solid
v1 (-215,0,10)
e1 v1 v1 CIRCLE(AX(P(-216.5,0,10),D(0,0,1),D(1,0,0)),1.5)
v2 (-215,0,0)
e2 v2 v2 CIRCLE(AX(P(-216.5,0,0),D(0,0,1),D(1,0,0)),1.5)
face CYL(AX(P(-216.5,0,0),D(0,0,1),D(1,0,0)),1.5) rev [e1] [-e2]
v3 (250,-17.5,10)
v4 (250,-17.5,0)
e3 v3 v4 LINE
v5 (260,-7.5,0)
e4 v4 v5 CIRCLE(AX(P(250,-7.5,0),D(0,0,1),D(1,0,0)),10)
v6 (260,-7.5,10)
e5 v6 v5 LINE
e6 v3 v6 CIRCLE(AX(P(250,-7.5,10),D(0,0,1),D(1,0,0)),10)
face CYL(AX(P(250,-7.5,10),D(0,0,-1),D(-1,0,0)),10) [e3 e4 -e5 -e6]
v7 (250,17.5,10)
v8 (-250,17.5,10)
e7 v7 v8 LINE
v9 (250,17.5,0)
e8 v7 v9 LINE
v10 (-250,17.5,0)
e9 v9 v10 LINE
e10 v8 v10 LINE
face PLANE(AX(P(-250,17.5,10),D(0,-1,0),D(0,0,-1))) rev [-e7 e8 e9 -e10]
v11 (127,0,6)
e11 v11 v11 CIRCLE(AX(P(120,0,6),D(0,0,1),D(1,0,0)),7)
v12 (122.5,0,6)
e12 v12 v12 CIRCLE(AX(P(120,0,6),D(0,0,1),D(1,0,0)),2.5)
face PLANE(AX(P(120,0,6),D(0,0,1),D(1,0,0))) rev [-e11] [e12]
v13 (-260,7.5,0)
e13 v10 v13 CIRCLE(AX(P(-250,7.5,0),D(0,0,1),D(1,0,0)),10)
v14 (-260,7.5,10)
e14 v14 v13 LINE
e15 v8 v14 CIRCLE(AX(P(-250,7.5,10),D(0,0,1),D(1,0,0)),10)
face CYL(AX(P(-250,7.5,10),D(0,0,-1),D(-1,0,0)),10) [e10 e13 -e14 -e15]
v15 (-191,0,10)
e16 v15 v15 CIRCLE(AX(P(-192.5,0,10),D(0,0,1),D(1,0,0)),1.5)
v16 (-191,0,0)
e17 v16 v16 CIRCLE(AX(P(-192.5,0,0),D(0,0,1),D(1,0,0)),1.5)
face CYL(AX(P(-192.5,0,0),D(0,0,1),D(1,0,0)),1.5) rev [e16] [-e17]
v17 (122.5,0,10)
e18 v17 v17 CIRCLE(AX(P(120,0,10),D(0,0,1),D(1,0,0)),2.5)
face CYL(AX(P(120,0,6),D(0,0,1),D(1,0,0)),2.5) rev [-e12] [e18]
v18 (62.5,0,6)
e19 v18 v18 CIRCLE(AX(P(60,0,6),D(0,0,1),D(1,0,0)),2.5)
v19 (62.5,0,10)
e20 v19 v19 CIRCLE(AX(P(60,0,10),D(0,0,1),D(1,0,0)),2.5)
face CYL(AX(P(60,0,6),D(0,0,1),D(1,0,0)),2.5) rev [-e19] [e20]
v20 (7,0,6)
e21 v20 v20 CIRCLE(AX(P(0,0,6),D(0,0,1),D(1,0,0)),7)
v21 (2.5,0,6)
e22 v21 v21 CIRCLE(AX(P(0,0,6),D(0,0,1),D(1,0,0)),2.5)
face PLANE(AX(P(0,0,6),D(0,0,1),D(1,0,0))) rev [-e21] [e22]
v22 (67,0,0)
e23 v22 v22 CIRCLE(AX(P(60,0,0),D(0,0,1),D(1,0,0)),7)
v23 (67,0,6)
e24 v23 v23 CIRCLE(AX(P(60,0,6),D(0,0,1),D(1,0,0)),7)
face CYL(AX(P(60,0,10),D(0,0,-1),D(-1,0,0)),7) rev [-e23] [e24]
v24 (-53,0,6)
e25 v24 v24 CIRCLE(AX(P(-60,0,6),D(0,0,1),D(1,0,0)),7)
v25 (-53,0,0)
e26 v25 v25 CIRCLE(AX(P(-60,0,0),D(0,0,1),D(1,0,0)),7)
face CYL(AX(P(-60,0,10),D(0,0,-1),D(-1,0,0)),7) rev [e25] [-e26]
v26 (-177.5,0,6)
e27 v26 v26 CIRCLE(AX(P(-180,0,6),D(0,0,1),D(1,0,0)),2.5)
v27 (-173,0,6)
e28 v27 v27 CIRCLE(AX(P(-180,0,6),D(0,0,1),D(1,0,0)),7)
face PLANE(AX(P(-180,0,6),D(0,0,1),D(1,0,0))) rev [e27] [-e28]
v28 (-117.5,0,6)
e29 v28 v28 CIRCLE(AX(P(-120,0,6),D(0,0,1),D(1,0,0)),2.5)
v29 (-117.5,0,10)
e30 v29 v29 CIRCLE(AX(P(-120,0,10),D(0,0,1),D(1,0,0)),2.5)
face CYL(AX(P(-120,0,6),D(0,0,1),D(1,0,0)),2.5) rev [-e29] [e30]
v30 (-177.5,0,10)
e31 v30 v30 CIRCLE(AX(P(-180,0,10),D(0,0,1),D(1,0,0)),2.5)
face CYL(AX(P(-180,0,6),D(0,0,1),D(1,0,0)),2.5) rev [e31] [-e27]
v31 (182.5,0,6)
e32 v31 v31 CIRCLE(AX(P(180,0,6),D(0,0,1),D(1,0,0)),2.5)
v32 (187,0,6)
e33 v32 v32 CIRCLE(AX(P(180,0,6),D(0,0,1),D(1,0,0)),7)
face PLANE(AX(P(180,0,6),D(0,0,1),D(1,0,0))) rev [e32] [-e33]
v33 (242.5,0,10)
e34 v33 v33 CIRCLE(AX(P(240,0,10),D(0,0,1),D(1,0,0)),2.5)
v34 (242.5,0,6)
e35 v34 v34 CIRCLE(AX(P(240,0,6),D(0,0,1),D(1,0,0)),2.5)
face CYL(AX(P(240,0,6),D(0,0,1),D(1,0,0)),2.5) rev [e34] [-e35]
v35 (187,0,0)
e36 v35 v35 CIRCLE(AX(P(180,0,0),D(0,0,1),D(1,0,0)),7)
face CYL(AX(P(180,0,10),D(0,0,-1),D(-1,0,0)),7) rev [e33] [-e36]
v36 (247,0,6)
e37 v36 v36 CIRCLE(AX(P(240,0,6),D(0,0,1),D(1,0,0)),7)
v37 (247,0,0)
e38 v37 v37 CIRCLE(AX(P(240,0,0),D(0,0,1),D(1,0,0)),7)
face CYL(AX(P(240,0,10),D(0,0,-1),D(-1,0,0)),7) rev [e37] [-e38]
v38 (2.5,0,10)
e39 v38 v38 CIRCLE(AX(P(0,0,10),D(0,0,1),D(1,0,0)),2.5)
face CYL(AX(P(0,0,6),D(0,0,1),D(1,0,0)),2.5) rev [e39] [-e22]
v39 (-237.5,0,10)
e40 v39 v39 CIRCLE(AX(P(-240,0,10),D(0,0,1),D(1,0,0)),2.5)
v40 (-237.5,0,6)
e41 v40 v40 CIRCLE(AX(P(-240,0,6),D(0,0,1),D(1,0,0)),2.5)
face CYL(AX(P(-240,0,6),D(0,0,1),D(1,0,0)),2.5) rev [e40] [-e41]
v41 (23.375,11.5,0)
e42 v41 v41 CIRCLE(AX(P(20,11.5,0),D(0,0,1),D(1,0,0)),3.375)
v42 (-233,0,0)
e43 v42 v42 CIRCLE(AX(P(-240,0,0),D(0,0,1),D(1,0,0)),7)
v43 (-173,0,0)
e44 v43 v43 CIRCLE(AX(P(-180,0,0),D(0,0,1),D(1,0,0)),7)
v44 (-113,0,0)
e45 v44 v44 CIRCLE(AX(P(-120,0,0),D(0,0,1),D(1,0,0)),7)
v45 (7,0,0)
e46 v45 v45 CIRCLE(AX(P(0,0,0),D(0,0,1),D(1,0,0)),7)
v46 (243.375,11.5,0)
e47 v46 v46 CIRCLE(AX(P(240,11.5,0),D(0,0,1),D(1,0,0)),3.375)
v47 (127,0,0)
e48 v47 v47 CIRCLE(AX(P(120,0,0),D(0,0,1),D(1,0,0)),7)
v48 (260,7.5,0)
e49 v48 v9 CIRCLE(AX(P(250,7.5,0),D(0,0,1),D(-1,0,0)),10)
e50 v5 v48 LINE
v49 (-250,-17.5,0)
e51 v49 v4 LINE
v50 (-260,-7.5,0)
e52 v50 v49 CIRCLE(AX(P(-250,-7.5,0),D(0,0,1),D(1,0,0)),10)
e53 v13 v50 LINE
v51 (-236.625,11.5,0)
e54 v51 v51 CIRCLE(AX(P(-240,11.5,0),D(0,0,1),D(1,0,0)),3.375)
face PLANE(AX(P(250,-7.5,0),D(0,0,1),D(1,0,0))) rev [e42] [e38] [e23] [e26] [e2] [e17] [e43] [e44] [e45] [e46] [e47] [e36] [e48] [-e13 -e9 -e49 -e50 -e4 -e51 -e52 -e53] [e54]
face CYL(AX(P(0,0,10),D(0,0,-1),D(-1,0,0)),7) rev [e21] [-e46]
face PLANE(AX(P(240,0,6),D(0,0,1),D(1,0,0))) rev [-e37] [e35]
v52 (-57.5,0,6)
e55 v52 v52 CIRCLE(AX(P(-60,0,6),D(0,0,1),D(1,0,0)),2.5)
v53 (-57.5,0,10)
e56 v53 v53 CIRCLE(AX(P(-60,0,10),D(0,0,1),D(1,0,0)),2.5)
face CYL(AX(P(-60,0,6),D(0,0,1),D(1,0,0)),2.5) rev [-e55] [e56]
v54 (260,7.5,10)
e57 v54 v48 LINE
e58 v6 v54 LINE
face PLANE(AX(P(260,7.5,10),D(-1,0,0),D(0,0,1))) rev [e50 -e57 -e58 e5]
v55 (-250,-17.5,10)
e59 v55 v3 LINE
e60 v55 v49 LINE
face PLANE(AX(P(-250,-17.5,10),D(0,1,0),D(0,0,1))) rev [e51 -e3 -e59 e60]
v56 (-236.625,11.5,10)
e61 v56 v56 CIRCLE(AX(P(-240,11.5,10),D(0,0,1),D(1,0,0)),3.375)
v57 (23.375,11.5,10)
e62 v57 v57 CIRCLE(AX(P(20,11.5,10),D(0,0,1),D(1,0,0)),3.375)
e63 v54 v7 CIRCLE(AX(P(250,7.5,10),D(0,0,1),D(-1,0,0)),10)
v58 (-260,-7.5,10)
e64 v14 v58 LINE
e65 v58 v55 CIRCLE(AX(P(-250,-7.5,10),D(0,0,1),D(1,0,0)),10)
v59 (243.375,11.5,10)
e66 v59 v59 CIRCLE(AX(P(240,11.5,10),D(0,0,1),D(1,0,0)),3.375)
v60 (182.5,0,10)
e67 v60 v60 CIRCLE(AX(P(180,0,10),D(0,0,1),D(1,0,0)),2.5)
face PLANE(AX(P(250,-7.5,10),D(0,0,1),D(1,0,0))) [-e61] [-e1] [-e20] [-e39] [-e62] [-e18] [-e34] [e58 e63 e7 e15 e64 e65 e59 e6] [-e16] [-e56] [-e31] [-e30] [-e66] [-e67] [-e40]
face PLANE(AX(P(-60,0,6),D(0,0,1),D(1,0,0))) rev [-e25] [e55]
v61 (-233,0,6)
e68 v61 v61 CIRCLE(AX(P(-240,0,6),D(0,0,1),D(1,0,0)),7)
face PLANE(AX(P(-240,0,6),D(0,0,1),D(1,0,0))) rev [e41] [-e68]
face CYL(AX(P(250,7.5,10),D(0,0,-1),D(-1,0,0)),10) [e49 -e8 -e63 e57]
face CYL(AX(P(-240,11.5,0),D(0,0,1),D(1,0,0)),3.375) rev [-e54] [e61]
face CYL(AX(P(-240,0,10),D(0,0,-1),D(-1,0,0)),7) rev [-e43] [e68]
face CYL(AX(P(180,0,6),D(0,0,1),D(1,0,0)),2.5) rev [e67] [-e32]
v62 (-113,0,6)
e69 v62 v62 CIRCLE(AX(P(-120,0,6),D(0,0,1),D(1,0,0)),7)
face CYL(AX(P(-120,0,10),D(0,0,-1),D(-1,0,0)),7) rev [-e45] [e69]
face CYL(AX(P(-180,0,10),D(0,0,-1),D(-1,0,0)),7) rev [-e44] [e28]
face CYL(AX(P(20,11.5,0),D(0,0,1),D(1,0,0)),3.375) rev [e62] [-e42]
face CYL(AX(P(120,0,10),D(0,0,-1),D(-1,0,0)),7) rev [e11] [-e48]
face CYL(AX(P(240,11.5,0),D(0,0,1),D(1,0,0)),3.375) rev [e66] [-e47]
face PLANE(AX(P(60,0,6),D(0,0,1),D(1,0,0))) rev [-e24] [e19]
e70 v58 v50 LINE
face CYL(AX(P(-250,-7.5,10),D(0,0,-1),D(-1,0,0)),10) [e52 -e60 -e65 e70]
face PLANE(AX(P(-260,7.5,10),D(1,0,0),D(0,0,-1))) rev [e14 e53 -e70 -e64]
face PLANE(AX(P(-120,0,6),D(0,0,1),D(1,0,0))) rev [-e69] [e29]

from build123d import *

# Parameters (mm, degrees)
ESQUISSE1_R             = 7
BOSS_EXTRU_1_DEPTH      = 10
BOSS_EXTRU_2_START      = -4
ESQUISSE2_R             = 7
ESQUISSE2_R_2           = 2.5
BOSS_EXTRU_2_DEPTH      = 4
ESQUISSE3_R             = 3.375
ENL_V_MAT_EXTRU_1_DEPTH = 261.780079761
ESQUISSE4_R             = 3.375
ENL_V_MAT_EXTRU_2_DEPTH = 261.780079761
ESQUISSE5_R             = 1.5
ENL_V_MAT_EXTRU_3_DEPTH = 261.780079761


with BuildPart() as part:
    # Esquisse1 → Boss.-Extru.1 (new body)
    with BuildSketch(Plane.XY):
        with BuildLine():
            Line((-250, 17.5), (250, 17.5))
            ThreePointArc((250, 17.5), (257.071067812, 14.571067812), (260, 7.5))
            Line((260, 7.5), (260, -7.5))
            ThreePointArc((260, -7.5), (257.071067812, -14.571067812), (250, -17.5))
            Line((250, -17.5), (-250, -17.5))
            ThreePointArc((-250, -17.5), (-257.071067812, -14.571067812), (-260, -7.5))
            Line((-260, -7.5), (-260, 7.5))
            ThreePointArc((-260, 7.5), (-257.071067812, 14.571067812), (-250, 17.5))
        make_face()
        with Locations((-240, 0)):
            Circle(ESQUISSE1_R, mode=Mode.SUBTRACT)
        with Locations((-180, 0)):
            Circle(ESQUISSE1_R, mode=Mode.SUBTRACT)
        with Locations((-120, 0)):
            Circle(ESQUISSE1_R, mode=Mode.SUBTRACT)
        with Locations((-60, 0)):
            Circle(ESQUISSE1_R, mode=Mode.SUBTRACT)
        Circle(ESQUISSE1_R, mode=Mode.SUBTRACT)
        with Locations((60, 0)):
            Circle(ESQUISSE1_R, mode=Mode.SUBTRACT)
        with Locations((120, 0)):
            Circle(ESQUISSE1_R, mode=Mode.SUBTRACT)
        with Locations((180, 0)):
            Circle(ESQUISSE1_R, mode=Mode.SUBTRACT)
        with Locations((240, 0)):
            Circle(ESQUISSE1_R, mode=Mode.SUBTRACT)
    extrude(amount=BOSS_EXTRU_1_DEPTH)

    # Esquisse2 → Boss.-Extru.2 (add)
    # profile 1 of 9: a face of its own
    with BuildSketch(Plane.XY.offset(10).offset(BOSS_EXTRU_2_START)):
        with Locations((-240, 0)):
            Circle(ESQUISSE2_R)
        with Locations((-240, 0)):
            Circle(ESQUISSE2_R_2, mode=Mode.SUBTRACT)
    # profile 2 of 9: a face of its own
    with BuildSketch(Plane.XY.offset(10).offset(BOSS_EXTRU_2_START)):
        with Locations((-180, 0)):
            Circle(ESQUISSE2_R)
        with Locations((-180, 0)):
            Circle(ESQUISSE2_R_2, mode=Mode.SUBTRACT)
    # profile 3 of 9: a face of its own
    with BuildSketch(Plane.XY.offset(10).offset(BOSS_EXTRU_2_START)):
        with Locations((-120, 0)):
            Circle(ESQUISSE2_R)
        with Locations((-120, 0)):
            Circle(ESQUISSE2_R_2, mode=Mode.SUBTRACT)
    # profile 4 of 9: a face of its own
    with BuildSketch(Plane.XY.offset(10).offset(BOSS_EXTRU_2_START)):
        with Locations((-60, 0)):
            Circle(ESQUISSE2_R)
        with Locations((-60, 0)):
            Circle(ESQUISSE2_R_2, mode=Mode.SUBTRACT)
    # profile 5 of 9: a face of its own
    with BuildSketch(Plane.XY.offset(10).offset(BOSS_EXTRU_2_START)):
        Circle(ESQUISSE2_R)
        Circle(ESQUISSE2_R_2, mode=Mode.SUBTRACT)
    # profile 6 of 9: a face of its own
    with BuildSketch(Plane.XY.offset(10).offset(BOSS_EXTRU_2_START)):
        with Locations((60, 0)):
            Circle(ESQUISSE2_R)
        with Locations((60, 0)):
            Circle(ESQUISSE2_R_2, mode=Mode.SUBTRACT)
    # profile 7 of 9: a face of its own
    with BuildSketch(Plane.XY.offset(10).offset(BOSS_EXTRU_2_START)):
        with Locations((120, 0)):
            Circle(ESQUISSE2_R)
        with Locations((120, 0)):
            Circle(ESQUISSE2_R_2, mode=Mode.SUBTRACT)
    # profile 8 of 9: a face of its own
    with BuildSketch(Plane.XY.offset(10).offset(BOSS_EXTRU_2_START)):
        with Locations((180, 0)):
            Circle(ESQUISSE2_R)
        with Locations((180, 0)):
            Circle(ESQUISSE2_R_2, mode=Mode.SUBTRACT)
    # profile 9 of 9: a face of its own
    with BuildSketch(Plane.XY.offset(10).offset(BOSS_EXTRU_2_START)):
        with Locations((240, 0)):
            Circle(ESQUISSE2_R)
        with Locations((240, 0)):
            Circle(ESQUISSE2_R_2, mode=Mode.SUBTRACT)
    extrude(amount=BOSS_EXTRU_2_DEPTH)

    # Esquisse3 → Enlèv. mat.-Extru.1 (cut, through all)
    with BuildSketch(Plane.XY.offset(10)):
        with Locations((20.000000156, 11.500000313)):
            Circle(ESQUISSE3_R)
        with Locations((-239.999999844, 11.500000313)):
            Circle(ESQUISSE3_R)
    extrude(amount=-ENL_V_MAT_EXTRU_1_DEPTH, mode=Mode.SUBTRACT)

    # Esquisse4 → Enlèv. mat.-Extru.2 (cut, through all)
    with BuildSketch(Plane.XY.offset(10)):
        with Locations((240.000000156, 11.500000313)):
            Circle(ESQUISSE4_R)
    extrude(amount=-ENL_V_MAT_EXTRU_2_DEPTH, mode=Mode.SUBTRACT)

    # Esquisse5 → Enlèv. mat.-Extru.3 (cut, through all)
    with BuildSketch(Plane.XY.offset(10)):
        with Locations((-192.499999844, 0)):
            Circle(ESQUISSE5_R)
        with Locations((-216.499999844, 0)):
            Circle(ESQUISSE5_R)
    extrude(amount=-ENL_V_MAT_EXTRU_3_DEPTH, mode=Mode.SUBTRACT)


solid = part.part
